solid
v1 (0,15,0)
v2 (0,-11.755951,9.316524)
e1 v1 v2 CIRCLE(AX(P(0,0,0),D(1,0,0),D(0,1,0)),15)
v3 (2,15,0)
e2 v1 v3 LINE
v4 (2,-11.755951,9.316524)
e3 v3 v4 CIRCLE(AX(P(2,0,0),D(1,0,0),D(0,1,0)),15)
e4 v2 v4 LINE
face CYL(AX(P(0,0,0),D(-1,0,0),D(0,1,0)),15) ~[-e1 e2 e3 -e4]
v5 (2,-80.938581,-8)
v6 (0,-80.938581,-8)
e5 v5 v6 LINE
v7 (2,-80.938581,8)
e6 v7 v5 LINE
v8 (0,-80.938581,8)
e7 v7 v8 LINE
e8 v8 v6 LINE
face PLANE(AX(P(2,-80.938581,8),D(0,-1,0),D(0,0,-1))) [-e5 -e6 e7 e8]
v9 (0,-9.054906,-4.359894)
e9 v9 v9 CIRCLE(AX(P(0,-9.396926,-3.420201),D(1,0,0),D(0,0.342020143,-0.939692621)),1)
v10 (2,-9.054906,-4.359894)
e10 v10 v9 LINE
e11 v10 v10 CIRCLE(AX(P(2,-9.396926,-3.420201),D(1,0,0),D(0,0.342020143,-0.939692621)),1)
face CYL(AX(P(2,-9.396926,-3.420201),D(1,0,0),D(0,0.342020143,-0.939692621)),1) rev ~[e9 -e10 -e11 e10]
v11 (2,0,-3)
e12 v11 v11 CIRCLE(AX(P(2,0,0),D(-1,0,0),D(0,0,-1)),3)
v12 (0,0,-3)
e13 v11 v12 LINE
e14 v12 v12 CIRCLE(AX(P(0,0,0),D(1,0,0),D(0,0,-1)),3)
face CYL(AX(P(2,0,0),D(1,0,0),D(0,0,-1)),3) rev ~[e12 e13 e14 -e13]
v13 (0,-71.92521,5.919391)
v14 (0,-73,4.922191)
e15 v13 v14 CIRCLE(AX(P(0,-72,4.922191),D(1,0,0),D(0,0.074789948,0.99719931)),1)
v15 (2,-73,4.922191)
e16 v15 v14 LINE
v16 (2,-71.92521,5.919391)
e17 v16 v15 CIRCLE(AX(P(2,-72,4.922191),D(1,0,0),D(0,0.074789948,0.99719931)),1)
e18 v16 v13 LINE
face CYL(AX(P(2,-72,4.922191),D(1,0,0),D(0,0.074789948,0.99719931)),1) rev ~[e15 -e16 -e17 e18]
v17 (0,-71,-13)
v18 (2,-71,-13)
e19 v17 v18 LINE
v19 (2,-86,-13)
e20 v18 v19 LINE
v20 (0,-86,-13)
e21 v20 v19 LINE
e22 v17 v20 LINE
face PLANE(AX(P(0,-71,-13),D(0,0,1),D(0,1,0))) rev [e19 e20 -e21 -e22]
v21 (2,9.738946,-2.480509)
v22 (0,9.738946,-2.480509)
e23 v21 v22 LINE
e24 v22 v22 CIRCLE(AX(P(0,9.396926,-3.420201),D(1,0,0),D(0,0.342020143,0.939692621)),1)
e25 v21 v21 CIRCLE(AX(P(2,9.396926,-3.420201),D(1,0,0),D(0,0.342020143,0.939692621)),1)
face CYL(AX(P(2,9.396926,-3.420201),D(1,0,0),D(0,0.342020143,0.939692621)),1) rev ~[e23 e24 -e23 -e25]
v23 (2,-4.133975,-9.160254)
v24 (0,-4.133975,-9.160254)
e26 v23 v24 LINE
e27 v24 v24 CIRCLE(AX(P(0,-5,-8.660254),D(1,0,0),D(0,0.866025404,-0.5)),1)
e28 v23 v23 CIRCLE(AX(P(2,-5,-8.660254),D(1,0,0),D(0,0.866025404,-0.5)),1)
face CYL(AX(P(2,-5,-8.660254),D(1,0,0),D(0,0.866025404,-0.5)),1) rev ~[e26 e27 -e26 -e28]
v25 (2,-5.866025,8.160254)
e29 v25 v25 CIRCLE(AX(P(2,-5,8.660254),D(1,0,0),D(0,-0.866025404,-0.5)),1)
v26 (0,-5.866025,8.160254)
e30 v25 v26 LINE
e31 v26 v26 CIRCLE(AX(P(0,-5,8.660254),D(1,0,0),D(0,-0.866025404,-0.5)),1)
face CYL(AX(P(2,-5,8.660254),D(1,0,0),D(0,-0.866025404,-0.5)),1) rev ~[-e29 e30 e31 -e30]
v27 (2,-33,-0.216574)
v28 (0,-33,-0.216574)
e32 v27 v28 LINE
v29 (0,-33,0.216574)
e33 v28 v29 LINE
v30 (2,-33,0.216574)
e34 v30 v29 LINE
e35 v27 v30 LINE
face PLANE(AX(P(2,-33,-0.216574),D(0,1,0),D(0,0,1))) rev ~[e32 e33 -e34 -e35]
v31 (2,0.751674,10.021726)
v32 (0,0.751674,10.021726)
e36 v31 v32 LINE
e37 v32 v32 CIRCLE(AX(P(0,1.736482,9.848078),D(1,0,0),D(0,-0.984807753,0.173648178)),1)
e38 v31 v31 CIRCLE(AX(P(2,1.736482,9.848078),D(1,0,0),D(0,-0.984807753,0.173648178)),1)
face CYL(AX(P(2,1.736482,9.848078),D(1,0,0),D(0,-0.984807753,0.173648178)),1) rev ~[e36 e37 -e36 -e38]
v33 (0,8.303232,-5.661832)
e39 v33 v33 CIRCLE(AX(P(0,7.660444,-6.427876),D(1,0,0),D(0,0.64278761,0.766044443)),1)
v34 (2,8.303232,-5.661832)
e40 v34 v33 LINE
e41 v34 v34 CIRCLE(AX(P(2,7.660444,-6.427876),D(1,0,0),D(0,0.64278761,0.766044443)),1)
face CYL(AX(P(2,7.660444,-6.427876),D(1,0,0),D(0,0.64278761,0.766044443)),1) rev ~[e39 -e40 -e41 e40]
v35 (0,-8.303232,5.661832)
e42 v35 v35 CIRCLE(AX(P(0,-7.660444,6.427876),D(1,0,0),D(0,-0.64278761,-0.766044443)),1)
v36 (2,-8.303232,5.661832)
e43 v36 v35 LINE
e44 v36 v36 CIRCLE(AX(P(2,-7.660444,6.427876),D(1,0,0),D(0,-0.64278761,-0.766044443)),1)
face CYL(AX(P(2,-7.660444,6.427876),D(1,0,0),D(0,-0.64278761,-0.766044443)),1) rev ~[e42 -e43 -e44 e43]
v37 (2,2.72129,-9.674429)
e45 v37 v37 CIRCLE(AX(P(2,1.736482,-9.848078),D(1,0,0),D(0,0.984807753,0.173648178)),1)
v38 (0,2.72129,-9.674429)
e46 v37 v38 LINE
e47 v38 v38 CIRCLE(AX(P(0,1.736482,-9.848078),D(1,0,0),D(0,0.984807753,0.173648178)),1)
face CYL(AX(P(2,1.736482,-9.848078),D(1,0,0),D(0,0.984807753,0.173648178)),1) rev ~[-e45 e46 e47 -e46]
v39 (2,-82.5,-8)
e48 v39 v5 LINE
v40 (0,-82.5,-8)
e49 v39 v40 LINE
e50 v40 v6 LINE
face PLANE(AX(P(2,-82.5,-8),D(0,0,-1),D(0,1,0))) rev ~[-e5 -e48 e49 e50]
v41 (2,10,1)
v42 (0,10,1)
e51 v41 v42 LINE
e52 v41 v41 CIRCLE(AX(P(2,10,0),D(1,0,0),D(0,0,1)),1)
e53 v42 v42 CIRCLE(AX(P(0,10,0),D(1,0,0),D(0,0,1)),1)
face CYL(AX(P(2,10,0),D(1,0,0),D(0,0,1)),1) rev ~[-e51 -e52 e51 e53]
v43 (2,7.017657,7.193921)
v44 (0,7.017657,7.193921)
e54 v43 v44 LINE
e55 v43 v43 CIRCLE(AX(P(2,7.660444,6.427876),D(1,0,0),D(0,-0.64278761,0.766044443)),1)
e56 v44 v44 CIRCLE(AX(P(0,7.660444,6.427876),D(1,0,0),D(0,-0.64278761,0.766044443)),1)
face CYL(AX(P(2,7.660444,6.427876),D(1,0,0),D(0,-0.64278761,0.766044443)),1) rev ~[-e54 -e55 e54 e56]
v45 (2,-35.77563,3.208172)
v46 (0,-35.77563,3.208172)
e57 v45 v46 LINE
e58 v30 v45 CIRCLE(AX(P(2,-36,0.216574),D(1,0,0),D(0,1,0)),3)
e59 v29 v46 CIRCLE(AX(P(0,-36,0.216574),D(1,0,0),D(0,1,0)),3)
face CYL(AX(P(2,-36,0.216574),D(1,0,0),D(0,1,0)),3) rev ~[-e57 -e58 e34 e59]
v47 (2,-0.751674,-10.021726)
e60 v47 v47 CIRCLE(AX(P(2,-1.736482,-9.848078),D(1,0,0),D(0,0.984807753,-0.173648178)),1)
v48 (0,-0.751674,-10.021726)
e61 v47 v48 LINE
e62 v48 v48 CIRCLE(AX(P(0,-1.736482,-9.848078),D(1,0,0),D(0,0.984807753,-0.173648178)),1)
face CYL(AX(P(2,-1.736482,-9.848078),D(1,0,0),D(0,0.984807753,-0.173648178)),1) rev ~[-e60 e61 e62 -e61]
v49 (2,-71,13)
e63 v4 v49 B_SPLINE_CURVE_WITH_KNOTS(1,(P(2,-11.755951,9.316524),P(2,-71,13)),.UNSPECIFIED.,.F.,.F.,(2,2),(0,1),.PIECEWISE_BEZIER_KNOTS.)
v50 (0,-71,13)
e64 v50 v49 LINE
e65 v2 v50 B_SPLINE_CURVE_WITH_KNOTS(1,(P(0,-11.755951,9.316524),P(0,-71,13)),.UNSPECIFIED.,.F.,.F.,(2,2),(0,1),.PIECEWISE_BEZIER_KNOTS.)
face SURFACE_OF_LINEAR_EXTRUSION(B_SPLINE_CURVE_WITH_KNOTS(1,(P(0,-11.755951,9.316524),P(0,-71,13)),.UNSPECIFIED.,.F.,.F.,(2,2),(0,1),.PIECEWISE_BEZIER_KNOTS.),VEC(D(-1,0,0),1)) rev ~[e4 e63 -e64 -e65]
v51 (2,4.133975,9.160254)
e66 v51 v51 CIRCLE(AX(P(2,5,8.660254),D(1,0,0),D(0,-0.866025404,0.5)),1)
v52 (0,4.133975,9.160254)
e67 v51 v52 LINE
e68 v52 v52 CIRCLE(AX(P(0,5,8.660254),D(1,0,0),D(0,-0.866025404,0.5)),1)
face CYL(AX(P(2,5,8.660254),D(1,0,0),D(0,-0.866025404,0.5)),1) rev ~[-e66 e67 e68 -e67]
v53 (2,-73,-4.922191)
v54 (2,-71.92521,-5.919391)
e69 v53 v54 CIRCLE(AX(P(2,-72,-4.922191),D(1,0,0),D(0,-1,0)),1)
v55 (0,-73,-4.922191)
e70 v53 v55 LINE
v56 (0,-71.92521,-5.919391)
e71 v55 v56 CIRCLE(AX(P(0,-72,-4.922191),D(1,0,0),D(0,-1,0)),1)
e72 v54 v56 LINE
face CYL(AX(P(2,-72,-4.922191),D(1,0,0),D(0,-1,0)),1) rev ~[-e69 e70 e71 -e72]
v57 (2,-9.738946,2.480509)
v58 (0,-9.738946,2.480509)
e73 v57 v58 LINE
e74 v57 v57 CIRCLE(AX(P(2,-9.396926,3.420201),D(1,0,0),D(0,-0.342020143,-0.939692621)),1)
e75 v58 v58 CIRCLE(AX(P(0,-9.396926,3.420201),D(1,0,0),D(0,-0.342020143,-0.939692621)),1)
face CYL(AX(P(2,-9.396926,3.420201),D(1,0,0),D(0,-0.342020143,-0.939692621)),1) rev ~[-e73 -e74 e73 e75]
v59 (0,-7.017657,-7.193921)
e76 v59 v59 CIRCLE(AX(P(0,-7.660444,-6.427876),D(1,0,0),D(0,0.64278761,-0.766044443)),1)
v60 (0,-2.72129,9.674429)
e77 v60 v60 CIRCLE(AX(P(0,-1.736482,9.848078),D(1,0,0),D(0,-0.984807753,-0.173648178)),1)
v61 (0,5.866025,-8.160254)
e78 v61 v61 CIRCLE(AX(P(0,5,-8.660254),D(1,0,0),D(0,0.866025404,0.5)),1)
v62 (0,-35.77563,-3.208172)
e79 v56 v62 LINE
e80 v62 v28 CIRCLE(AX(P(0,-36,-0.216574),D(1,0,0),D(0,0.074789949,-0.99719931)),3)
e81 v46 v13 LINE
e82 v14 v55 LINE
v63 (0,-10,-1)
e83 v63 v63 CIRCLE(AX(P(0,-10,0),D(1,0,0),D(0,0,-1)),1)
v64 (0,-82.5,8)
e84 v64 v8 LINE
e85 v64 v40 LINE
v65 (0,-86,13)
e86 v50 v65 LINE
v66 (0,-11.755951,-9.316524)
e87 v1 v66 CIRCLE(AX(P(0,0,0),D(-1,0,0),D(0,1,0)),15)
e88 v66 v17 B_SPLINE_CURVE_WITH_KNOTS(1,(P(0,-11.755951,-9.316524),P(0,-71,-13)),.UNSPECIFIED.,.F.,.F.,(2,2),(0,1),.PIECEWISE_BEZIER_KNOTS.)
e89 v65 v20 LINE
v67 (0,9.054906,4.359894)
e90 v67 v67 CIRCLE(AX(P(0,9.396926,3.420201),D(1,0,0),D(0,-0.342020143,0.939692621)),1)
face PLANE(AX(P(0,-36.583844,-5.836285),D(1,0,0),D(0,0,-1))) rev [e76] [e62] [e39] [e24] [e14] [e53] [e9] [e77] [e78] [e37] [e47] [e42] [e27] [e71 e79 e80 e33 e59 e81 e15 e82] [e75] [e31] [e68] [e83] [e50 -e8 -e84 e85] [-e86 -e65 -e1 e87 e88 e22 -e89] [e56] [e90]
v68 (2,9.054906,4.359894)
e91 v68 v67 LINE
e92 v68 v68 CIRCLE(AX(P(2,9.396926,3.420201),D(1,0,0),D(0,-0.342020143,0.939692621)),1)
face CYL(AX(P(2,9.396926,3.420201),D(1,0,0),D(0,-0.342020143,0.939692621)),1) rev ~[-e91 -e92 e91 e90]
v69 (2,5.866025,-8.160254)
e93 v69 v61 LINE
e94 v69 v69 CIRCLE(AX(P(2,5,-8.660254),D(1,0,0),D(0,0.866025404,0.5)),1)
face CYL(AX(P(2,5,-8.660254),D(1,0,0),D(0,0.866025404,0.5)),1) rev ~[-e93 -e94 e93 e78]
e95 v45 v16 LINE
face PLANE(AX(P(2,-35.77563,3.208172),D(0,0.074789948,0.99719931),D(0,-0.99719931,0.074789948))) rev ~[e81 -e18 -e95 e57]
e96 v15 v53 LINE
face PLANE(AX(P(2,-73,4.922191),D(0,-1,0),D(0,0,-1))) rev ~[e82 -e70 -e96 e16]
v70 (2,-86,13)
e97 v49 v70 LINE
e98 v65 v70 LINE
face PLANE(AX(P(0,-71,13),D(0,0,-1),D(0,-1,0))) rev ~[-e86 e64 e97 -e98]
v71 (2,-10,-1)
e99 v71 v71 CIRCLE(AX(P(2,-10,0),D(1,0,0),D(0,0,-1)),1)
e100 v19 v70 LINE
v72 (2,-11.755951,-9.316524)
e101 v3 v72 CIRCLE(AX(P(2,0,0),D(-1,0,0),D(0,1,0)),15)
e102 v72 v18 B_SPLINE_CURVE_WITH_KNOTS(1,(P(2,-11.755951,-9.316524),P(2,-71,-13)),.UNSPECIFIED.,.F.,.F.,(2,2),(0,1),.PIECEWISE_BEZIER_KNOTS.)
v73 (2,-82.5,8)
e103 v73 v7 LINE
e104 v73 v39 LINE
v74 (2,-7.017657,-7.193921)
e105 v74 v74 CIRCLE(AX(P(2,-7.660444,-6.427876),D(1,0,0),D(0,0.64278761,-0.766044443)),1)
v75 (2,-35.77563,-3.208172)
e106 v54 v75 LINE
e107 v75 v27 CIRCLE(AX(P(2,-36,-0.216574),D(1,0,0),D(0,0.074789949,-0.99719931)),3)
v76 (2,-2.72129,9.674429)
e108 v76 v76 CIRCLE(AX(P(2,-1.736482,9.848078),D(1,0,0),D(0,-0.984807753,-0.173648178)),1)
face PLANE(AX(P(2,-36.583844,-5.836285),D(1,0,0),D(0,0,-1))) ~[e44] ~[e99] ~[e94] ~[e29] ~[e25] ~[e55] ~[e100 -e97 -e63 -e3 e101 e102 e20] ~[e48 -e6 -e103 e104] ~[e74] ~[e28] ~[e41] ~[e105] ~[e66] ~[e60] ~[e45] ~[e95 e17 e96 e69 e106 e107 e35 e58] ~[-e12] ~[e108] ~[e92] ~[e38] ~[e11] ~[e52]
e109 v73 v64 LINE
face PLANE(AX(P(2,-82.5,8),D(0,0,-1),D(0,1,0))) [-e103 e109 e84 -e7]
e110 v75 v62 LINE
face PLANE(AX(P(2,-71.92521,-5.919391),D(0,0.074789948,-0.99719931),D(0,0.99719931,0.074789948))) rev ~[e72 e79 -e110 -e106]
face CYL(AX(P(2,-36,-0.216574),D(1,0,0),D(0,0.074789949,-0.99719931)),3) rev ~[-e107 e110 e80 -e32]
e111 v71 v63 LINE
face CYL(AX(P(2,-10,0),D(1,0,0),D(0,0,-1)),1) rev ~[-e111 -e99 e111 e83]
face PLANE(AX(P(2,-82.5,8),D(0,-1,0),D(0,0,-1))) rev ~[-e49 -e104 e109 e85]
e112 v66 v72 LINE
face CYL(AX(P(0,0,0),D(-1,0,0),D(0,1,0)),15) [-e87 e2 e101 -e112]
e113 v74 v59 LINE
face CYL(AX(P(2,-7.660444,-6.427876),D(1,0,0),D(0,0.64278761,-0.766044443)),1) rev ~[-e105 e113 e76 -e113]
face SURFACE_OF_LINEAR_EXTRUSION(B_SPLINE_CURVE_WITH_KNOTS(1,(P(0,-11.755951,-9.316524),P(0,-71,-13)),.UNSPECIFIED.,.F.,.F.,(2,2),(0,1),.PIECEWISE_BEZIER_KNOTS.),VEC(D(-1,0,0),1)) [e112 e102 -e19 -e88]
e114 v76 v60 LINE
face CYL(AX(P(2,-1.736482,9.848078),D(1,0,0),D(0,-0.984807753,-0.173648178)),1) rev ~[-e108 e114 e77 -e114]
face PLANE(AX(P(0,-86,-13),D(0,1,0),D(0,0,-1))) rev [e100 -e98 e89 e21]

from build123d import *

# Parameters (mm, degrees)
RESSALTO_EXTRUS_O1_DEPTH = 2
ESBO_O2_R                = 3
ESBO_O2_R_2              = 1
CORTE_EXTRUS_O1_DEPTH    = 2
PADR_OCIRCULAR1_COUNT    = 18
ESBO_O3_W                = 16
ESBO_O3_H                = 1.561418551
CORTE_EXTRUS_O2_DEPTH    = 2


with BuildPart() as part:
    # Esboço1 → Ressalto-extrusão1 (new body)
    with BuildSketch(Plane(origin=(0, 0, 0), x_dir=(0, 0, -1), z_dir=(1, 0, 0))):
        with BuildLine():
            Line((-13, -71), (-13, -86))
            Line((-13, -86), (0, -86))
            Line((0, -86), (0, 15))
            ThreePointArc((0, 15), (-14.165790836, 4.932582487), (-9.316524238, -11.755950669))
            add(Edge.make_bspline(
                [(-9.316524238, -11.755950669), (-13, -71)],
                knots=[0, 0, 1, 1], degree=1))
        make_face()
    ressalto_extrus_o1 = extrude(amount=RESSALTO_EXTRUS_O1_DEPTH)

    # Espelhar1: Ressalto-extrusão1 across plane
    add(ressalto_extrus_o1.mirror(Plane(origin=(2, 15, 0), x_dir=(1, 0, 0), z_dir=(0, 0, 1))))

    # Esboço2 → Corte-extrusão1 (cut)
    with BuildSketch(Plane(origin=(2, 0, 0), x_dir=(0, 0, -1), z_dir=(1, 0, 0))):
        Circle(ESBO_O2_R)
        with Locations((0, -10)):
            Circle(ESBO_O2_R_2)
    corte_extrus_o1 = extrude(amount=-CORTE_EXTRUS_O1_DEPTH, mode=Mode.SUBTRACT)

    # PadrãoCircular1: Corte-extrusão1 ×18 about axis
    padr_ocircular1_axis = Axis((0, 0, 0), (1, 0, 0))
    for i in range(1, PADR_OCIRCULAR1_COUNT):
        add(corte_extrus_o1.rotate(padr_ocircular1_axis, i * 360 / PADR_OCIRCULAR1_COUNT), mode=Mode.SUBTRACT)

    # Esboço3 → Corte-extrusão2 (cut)
    with BuildSketch(Plane(origin=(2, 0, 0), x_dir=(0, 0, -1), z_dir=(1, 0, 0))):
        with BuildLine():
            Line((-4.922191444, -73), (4.922191444, -73))
            ThreePointArc((4.922191444, -73), (5.655263728, -72.680150738), (5.919390754, -71.925210052))
            Line((5.919390754, -71.925210052), (3.208172262, -35.775630155))
            ThreePointArc((3.208172262, -35.775630155), (2.257026545, -33.800783147), (0.216574332, -33))
            Line((0.216574332, -33), (-0.216574332, -33))
            ThreePointArc((-0.216574332, -33), (-2.257026545, -33.800783147), (-3.208172262, -35.775630155))
            Line((-3.208172262, -35.775630155), (-5.919390754, -71.925210052))
            ThreePointArc((-5.919390754, -71.925210052), (-5.655263728, -72.680150738), (-4.922191444, -73))
        make_face()
        with Locations((0, -81.719290725)):
            Rectangle(ESBO_O3_W, ESBO_O3_H)
    extrude(amount=-CORTE_EXTRUS_O2_DEPTH, mode=Mode.SUBTRACT)


solid = part.part
